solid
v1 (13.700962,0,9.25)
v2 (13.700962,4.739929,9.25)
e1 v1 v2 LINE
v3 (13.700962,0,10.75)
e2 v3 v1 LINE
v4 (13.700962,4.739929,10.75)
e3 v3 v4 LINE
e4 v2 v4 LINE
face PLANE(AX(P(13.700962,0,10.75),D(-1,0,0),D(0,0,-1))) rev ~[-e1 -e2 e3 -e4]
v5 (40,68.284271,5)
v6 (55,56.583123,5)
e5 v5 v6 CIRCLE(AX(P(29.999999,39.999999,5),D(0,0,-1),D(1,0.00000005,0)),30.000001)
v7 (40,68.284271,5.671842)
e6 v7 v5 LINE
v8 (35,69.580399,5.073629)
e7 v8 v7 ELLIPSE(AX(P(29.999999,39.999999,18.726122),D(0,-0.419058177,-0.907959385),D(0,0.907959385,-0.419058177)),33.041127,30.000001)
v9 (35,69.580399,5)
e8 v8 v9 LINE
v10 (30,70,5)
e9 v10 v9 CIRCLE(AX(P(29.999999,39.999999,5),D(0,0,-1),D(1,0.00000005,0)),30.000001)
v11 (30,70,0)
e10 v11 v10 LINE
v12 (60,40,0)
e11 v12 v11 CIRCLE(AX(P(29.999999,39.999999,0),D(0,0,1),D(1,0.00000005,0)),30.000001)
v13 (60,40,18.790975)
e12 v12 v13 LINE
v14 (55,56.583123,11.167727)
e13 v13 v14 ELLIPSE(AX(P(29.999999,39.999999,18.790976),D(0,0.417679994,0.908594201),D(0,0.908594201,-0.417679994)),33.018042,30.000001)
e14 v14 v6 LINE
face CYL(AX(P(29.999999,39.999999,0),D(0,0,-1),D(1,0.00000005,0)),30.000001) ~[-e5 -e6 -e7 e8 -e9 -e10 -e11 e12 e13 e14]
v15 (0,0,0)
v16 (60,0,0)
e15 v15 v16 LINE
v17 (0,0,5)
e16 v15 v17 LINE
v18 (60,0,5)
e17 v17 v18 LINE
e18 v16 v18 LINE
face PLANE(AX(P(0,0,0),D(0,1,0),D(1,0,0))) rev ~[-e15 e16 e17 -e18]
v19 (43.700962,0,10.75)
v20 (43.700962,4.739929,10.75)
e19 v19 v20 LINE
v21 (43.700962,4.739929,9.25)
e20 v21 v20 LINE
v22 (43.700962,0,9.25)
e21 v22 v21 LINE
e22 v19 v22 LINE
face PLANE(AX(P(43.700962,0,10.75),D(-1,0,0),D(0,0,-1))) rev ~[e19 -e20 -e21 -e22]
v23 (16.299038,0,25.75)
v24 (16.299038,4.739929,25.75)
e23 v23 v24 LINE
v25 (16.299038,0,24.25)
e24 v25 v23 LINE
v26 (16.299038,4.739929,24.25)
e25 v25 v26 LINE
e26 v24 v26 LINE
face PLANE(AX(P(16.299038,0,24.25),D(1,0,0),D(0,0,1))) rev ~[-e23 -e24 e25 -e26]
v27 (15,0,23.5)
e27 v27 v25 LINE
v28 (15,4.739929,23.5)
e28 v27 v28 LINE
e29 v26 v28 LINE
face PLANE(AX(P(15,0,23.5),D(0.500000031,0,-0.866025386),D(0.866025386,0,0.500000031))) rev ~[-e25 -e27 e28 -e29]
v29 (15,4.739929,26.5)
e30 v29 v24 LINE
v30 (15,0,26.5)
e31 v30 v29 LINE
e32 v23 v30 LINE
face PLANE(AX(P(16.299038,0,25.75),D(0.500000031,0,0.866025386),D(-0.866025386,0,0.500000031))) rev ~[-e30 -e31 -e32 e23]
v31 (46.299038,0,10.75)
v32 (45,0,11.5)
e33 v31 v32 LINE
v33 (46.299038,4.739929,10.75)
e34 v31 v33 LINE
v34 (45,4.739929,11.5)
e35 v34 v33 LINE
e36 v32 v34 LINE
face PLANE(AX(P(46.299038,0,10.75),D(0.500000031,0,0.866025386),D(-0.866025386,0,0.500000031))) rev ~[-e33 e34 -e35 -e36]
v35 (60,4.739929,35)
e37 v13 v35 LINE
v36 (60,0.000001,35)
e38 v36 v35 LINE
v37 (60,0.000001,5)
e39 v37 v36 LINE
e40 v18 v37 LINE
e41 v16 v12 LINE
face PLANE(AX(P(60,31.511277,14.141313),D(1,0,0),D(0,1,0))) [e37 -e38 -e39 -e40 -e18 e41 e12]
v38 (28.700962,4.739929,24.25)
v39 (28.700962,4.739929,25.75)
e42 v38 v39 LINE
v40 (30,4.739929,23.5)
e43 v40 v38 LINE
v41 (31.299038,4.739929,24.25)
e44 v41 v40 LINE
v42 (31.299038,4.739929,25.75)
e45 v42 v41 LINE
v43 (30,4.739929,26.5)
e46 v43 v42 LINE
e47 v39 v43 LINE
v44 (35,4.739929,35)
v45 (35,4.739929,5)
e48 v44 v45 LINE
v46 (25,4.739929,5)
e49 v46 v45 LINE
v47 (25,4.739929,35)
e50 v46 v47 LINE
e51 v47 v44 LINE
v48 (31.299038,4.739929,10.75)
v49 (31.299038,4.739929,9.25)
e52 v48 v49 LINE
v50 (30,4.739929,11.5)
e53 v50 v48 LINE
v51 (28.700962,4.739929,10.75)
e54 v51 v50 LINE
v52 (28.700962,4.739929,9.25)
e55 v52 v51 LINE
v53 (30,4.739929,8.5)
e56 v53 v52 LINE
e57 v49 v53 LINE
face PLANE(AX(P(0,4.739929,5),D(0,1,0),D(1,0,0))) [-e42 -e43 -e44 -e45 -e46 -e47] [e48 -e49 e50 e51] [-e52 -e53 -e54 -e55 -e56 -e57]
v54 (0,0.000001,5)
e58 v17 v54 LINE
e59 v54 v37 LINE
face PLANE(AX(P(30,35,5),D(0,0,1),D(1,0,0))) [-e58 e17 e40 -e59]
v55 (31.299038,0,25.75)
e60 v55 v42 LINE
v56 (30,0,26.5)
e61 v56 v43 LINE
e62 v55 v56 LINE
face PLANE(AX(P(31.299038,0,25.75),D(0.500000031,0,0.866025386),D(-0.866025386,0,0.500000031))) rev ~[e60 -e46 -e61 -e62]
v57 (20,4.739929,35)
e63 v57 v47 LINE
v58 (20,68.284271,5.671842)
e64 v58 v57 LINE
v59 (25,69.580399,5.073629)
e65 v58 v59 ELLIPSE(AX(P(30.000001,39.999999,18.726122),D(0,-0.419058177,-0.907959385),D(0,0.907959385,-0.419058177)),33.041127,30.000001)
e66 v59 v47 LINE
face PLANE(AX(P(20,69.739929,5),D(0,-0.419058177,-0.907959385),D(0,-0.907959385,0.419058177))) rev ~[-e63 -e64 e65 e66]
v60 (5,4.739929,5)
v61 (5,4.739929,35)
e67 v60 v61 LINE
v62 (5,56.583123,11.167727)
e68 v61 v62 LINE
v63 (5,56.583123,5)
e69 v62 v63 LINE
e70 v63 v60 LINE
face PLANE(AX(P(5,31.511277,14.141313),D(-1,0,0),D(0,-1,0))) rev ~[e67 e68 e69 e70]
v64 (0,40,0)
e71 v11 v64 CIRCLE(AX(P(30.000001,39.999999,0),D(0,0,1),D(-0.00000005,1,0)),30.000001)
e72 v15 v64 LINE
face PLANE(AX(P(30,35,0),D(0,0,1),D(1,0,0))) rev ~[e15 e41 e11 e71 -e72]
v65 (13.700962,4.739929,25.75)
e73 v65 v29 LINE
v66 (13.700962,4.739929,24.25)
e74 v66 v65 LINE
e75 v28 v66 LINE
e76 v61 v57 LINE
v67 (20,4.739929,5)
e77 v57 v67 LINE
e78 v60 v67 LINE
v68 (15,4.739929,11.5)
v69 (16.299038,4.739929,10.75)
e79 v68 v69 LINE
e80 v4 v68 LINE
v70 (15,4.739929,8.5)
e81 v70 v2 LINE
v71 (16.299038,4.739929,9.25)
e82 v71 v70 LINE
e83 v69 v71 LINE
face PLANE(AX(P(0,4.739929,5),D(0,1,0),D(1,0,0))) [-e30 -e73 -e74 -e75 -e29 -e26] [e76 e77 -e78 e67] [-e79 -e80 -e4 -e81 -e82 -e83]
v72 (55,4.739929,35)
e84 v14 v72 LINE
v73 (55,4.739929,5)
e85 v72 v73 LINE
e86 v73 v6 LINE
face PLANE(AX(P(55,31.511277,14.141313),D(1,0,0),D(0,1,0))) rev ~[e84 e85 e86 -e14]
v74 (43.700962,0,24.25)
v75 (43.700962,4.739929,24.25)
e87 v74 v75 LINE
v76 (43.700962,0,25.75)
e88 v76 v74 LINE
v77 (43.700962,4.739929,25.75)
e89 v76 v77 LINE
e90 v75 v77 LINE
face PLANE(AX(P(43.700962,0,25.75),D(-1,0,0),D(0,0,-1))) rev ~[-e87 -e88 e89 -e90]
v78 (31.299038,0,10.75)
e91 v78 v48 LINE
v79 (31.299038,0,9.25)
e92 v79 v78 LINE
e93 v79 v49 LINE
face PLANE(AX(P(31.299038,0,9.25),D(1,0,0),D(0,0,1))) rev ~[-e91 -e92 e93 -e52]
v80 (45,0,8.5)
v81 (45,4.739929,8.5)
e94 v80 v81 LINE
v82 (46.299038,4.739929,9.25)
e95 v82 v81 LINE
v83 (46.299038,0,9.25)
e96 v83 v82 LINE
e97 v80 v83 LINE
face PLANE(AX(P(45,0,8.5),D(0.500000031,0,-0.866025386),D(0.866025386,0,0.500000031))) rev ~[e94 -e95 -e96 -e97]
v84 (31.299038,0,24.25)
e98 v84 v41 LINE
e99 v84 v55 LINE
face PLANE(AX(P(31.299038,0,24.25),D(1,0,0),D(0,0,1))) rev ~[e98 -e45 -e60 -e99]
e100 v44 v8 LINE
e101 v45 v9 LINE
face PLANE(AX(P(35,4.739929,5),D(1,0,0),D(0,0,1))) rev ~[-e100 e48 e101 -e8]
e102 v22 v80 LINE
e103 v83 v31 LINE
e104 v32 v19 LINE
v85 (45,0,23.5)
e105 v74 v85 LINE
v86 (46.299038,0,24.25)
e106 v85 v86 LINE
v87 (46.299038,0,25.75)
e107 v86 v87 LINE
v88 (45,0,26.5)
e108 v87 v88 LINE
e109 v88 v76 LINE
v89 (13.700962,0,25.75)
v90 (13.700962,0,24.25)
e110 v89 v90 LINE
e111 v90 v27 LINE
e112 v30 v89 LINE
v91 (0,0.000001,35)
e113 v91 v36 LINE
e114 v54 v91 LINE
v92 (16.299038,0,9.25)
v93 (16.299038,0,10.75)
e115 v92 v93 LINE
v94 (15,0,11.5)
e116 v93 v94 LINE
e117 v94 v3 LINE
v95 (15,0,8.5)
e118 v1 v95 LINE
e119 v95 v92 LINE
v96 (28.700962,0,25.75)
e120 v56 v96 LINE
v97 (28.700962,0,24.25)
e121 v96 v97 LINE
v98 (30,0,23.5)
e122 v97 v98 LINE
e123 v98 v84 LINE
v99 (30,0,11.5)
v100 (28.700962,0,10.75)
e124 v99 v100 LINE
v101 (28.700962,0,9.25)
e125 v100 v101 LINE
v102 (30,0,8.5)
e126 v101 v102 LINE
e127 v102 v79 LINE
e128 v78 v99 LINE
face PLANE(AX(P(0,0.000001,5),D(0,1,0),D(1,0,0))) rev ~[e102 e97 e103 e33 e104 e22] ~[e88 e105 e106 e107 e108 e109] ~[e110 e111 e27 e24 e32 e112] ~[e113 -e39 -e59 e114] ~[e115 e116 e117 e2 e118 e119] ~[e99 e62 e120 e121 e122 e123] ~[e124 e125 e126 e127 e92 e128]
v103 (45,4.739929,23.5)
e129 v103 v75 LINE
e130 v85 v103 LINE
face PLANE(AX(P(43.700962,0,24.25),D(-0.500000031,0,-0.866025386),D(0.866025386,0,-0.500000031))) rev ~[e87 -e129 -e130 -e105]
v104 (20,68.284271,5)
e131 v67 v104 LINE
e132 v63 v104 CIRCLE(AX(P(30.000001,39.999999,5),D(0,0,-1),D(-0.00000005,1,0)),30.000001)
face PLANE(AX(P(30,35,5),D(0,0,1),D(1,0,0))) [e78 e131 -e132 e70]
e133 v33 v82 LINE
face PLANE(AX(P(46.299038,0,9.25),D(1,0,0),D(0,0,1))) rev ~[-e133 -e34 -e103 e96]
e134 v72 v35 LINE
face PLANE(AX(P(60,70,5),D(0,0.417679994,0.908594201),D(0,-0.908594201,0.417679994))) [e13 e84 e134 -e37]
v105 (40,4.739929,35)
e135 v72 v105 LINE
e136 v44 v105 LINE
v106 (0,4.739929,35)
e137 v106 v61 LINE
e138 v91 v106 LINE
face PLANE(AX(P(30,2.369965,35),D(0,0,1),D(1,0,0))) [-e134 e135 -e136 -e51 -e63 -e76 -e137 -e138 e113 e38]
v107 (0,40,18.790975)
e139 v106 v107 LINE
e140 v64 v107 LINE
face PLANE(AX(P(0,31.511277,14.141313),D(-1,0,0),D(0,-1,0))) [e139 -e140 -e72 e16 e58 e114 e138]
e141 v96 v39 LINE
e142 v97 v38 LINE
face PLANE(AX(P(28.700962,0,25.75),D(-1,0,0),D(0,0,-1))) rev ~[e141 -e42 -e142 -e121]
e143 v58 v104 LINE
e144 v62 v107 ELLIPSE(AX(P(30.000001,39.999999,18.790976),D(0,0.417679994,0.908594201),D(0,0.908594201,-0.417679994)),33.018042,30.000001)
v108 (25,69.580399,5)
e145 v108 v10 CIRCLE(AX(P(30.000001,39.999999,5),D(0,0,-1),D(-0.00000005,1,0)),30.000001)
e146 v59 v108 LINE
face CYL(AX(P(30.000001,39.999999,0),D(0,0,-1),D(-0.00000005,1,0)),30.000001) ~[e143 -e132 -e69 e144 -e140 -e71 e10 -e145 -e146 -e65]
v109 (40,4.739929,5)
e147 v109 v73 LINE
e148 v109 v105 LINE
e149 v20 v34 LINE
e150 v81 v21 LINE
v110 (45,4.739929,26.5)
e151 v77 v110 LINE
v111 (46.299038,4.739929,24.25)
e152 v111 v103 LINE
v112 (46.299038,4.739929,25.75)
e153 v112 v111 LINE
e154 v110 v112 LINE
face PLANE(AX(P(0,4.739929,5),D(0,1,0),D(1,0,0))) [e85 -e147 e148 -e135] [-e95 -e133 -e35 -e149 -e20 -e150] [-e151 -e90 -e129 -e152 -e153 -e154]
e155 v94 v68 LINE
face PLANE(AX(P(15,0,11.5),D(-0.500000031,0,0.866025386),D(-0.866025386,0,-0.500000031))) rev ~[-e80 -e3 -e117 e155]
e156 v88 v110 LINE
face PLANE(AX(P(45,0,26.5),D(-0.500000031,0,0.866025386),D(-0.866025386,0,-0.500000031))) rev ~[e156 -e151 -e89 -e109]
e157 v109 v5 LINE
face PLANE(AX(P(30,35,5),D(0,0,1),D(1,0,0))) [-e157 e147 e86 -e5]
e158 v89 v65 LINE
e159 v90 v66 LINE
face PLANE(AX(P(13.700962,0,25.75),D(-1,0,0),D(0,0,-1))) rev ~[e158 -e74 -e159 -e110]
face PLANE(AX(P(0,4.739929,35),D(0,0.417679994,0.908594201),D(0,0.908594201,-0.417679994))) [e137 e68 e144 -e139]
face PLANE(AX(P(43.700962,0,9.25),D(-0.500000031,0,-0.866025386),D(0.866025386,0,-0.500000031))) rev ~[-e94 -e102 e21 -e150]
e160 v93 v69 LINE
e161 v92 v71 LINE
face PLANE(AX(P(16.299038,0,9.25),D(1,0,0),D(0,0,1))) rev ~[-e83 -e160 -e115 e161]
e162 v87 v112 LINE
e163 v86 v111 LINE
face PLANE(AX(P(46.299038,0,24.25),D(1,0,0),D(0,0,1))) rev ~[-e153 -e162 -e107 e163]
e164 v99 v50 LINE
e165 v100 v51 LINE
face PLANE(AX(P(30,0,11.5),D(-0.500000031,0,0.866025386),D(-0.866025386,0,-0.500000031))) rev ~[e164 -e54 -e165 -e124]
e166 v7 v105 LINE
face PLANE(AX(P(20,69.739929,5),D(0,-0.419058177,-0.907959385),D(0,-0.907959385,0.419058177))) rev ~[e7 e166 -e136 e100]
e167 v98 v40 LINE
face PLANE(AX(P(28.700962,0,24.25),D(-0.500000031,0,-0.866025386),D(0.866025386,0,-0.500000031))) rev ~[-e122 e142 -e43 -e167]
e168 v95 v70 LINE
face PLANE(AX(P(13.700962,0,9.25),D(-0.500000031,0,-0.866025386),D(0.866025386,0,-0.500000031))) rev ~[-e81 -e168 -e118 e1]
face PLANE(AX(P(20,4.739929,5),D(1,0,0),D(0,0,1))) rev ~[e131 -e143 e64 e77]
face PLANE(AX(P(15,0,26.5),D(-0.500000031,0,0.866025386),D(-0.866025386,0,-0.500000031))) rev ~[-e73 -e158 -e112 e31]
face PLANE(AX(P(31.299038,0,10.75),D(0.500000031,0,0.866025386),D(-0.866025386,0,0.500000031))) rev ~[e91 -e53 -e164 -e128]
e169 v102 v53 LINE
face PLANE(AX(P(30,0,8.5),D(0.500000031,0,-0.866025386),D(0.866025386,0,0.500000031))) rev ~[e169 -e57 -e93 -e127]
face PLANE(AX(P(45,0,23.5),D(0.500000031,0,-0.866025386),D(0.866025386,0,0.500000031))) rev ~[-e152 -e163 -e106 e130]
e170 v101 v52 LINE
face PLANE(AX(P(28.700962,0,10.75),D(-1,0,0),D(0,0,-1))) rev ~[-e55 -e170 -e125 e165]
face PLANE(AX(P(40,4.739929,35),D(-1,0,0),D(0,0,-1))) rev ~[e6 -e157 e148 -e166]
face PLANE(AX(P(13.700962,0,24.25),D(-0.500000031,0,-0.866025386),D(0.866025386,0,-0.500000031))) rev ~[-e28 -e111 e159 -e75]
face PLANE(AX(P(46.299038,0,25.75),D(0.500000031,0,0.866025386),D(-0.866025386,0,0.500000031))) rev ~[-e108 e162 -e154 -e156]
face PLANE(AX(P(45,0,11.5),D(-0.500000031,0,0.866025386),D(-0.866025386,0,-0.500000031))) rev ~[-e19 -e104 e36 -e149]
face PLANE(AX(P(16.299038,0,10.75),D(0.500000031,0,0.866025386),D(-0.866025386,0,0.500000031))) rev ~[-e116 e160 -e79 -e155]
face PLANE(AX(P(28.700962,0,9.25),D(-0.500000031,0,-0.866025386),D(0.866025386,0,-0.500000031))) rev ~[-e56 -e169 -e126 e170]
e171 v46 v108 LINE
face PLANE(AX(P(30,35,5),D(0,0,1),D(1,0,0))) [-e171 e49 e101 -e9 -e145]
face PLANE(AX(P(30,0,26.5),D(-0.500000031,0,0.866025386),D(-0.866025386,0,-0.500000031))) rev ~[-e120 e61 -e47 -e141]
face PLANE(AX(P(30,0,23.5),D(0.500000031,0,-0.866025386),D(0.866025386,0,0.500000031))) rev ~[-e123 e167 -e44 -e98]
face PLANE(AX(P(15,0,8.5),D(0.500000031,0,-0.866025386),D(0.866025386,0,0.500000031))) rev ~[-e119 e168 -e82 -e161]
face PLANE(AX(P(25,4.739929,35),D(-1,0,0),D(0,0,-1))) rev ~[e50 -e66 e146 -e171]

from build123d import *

# Parameters (mm, degrees)
F0_W      = 60
F0_H      = 70
F1_DEPTH  = 5
F2_W      = 60
F2_H      = 4.739929
F3_DEPTH  = 30
F5_DEPTH  = 25
F7_DEPTH  = 5
F9_DEPTH  = 5
F11_DEPTH = 65
F13_DEPTH = 25
F15_DEPTH = 25


with BuildPart() as f1:
    # F0 (on Top) → F1 (new body)
    with BuildSketch(Plane.XY):
        with Locations((30, 35)):
            Rectangle(F0_W, F0_H)
    extrude(amount=F1_DEPTH)

    # F2 (on face) → F3 (join)
    with BuildSketch(Plane.XY.offset(5)):
        with Locations((30, 2.369965)):
            Rectangle(F2_W, F2_H)
    extrude(amount=F3_DEPTH)

    # F4 (on face) → F5 (cut)
    with BuildSketch(Plane.XZ):
        Polygon((13.700962, 24.25), (15, 23.5), (15, 25), (15, 26.5), (13.700962, 25.75), align=None)
        Polygon((15, 25), (15, 23.5), (16.299038, 24.25), (16.299038, 25), align=None)
        Polygon((15, 26.5), (15, 25), (16.299038, 25), (16.299038, 25.75), align=None)
        Polygon((30, 25), (28.700962, 25), (28.700962, 24.25), (30, 23.5), (31.299038, 24.25), (31.299038, 25), align=None)
        Polygon((28.700962, 25.75), (28.700962, 25), (30, 25), (30, 26.5), align=None)
        Polygon((30, 26.5), (30, 25), (31.299038, 25), (31.299038, 25.75), align=None)
        Polygon((43.700962, 25.75), (43.700962, 25), (45, 25), (45, 26.5), align=None)
        Polygon((45, 25), (43.700962, 25), (43.700962, 24.25), (45, 23.5), (46.299038, 24.25), (46.299038, 25.75), (45, 26.5), align=None)
        Polygon((45, 10), (43.700962, 10), (43.700962, 9.25), (45, 8.5), (46.299038, 9.25), (46.299038, 10.75), (45, 11.5), align=None)
        Polygon((43.700962, 10.75), (43.700962, 10), (45, 10), (45, 11.5), align=None)
        Polygon((30, 10), (30, 8.5), (31.299038, 9.25), (31.299038, 10), align=None)
        Polygon((28.700962, 9.25), (30, 8.5), (30, 10), (28.700962, 10), align=None)
        Polygon((28.700962, 10), (30, 10), (30, 11.5), (28.700962, 10.75), align=None)
        Polygon((30, 11.5), (30, 10), (31.299038, 10), (31.299038, 10.75), align=None)
        Polygon((16.299038, 9.25), (16.299038, 10), (15, 10), (15, 11.5), (13.700962, 10.75), (13.700962, 9.25), (15, 8.5), align=None)
        Polygon((15, 10), (16.299038, 10), (16.299038, 10.75), (15, 11.5), align=None)
    extrude(amount=-F5_DEPTH, mode=Mode.SUBTRACT)

    # F6 (on face) → F7 (join)
    with BuildSketch(Plane(origin=(0, 0, 0), x_dir=(0, -1, 0), z_dir=(-1, 0, 0))):
        Polygon((-4.739929, 5), (-4.739929, 35), (-70, 5), align=None)
    extrude(amount=-F7_DEPTH)

    # F8 (on face) → F9 (join)
    with BuildSketch(Plane.YZ.offset(60)):
        Polygon((70, 5), (4.739929, 35), (4.739929, 5), align=None)
    extrude(amount=-F9_DEPTH)

    # F10 (on face) → F11 (join)
    with BuildSketch(Plane(origin=(0, 4.739929, 0), x_dir=(-1, 0, 0), z_dir=(0, 1, 0))):
        Polygon((-35, 30), (-35, 35), (-40, 35), (-40, 5), (-35, 5), align=None)
        Polygon((-20, 35), (-25, 35), (-25, 30), (-25, 5), (-20, 5), align=None)
    extrude(amount=F11_DEPTH)

    # F12 (on face) → F13 (cut)
    with BuildSketch(Plane(origin=(20, 0, 0), x_dir=(0, -1, 0), z_dir=(-1, 0, 0))):
        Polygon((-69.739929, 5), (-4.739929, 35), (-4.739929, 44.973344), (-69.739929, 44.973344), align=None)
    extrude(amount=-F13_DEPTH, mode=Mode.SUBTRACT)

    # F14 (on face) → F15 (cut)
    with BuildSketch(Plane(origin=(0, 0, 0), x_dir=(1, 0, 0), z_dir=(0, 0, -1))):
        Polygon((60, -70), (30, -70), (0, -70), (0, -40), (-10, -40), (-10, -80), (70, -80), (70, -40), (60, -40), align=None)
        with BuildLine():
            Line((0, -70), (30, -70))
            ThreePointArc((30, -70), (8.786797, -61.213203), (0, -40))
            Line((0, -40), (0, -70))
        make_face()
        with BuildLine():
            ThreePointArc((60, -40), (51.213203, -61.213203), (30, -70))
            Line((30, -70), (60, -70))
            Line((60, -70), (60, -40))
        make_face()
    extrude(amount=-F15_DEPTH, mode=Mode.SUBTRACT)


solid = f1.part
